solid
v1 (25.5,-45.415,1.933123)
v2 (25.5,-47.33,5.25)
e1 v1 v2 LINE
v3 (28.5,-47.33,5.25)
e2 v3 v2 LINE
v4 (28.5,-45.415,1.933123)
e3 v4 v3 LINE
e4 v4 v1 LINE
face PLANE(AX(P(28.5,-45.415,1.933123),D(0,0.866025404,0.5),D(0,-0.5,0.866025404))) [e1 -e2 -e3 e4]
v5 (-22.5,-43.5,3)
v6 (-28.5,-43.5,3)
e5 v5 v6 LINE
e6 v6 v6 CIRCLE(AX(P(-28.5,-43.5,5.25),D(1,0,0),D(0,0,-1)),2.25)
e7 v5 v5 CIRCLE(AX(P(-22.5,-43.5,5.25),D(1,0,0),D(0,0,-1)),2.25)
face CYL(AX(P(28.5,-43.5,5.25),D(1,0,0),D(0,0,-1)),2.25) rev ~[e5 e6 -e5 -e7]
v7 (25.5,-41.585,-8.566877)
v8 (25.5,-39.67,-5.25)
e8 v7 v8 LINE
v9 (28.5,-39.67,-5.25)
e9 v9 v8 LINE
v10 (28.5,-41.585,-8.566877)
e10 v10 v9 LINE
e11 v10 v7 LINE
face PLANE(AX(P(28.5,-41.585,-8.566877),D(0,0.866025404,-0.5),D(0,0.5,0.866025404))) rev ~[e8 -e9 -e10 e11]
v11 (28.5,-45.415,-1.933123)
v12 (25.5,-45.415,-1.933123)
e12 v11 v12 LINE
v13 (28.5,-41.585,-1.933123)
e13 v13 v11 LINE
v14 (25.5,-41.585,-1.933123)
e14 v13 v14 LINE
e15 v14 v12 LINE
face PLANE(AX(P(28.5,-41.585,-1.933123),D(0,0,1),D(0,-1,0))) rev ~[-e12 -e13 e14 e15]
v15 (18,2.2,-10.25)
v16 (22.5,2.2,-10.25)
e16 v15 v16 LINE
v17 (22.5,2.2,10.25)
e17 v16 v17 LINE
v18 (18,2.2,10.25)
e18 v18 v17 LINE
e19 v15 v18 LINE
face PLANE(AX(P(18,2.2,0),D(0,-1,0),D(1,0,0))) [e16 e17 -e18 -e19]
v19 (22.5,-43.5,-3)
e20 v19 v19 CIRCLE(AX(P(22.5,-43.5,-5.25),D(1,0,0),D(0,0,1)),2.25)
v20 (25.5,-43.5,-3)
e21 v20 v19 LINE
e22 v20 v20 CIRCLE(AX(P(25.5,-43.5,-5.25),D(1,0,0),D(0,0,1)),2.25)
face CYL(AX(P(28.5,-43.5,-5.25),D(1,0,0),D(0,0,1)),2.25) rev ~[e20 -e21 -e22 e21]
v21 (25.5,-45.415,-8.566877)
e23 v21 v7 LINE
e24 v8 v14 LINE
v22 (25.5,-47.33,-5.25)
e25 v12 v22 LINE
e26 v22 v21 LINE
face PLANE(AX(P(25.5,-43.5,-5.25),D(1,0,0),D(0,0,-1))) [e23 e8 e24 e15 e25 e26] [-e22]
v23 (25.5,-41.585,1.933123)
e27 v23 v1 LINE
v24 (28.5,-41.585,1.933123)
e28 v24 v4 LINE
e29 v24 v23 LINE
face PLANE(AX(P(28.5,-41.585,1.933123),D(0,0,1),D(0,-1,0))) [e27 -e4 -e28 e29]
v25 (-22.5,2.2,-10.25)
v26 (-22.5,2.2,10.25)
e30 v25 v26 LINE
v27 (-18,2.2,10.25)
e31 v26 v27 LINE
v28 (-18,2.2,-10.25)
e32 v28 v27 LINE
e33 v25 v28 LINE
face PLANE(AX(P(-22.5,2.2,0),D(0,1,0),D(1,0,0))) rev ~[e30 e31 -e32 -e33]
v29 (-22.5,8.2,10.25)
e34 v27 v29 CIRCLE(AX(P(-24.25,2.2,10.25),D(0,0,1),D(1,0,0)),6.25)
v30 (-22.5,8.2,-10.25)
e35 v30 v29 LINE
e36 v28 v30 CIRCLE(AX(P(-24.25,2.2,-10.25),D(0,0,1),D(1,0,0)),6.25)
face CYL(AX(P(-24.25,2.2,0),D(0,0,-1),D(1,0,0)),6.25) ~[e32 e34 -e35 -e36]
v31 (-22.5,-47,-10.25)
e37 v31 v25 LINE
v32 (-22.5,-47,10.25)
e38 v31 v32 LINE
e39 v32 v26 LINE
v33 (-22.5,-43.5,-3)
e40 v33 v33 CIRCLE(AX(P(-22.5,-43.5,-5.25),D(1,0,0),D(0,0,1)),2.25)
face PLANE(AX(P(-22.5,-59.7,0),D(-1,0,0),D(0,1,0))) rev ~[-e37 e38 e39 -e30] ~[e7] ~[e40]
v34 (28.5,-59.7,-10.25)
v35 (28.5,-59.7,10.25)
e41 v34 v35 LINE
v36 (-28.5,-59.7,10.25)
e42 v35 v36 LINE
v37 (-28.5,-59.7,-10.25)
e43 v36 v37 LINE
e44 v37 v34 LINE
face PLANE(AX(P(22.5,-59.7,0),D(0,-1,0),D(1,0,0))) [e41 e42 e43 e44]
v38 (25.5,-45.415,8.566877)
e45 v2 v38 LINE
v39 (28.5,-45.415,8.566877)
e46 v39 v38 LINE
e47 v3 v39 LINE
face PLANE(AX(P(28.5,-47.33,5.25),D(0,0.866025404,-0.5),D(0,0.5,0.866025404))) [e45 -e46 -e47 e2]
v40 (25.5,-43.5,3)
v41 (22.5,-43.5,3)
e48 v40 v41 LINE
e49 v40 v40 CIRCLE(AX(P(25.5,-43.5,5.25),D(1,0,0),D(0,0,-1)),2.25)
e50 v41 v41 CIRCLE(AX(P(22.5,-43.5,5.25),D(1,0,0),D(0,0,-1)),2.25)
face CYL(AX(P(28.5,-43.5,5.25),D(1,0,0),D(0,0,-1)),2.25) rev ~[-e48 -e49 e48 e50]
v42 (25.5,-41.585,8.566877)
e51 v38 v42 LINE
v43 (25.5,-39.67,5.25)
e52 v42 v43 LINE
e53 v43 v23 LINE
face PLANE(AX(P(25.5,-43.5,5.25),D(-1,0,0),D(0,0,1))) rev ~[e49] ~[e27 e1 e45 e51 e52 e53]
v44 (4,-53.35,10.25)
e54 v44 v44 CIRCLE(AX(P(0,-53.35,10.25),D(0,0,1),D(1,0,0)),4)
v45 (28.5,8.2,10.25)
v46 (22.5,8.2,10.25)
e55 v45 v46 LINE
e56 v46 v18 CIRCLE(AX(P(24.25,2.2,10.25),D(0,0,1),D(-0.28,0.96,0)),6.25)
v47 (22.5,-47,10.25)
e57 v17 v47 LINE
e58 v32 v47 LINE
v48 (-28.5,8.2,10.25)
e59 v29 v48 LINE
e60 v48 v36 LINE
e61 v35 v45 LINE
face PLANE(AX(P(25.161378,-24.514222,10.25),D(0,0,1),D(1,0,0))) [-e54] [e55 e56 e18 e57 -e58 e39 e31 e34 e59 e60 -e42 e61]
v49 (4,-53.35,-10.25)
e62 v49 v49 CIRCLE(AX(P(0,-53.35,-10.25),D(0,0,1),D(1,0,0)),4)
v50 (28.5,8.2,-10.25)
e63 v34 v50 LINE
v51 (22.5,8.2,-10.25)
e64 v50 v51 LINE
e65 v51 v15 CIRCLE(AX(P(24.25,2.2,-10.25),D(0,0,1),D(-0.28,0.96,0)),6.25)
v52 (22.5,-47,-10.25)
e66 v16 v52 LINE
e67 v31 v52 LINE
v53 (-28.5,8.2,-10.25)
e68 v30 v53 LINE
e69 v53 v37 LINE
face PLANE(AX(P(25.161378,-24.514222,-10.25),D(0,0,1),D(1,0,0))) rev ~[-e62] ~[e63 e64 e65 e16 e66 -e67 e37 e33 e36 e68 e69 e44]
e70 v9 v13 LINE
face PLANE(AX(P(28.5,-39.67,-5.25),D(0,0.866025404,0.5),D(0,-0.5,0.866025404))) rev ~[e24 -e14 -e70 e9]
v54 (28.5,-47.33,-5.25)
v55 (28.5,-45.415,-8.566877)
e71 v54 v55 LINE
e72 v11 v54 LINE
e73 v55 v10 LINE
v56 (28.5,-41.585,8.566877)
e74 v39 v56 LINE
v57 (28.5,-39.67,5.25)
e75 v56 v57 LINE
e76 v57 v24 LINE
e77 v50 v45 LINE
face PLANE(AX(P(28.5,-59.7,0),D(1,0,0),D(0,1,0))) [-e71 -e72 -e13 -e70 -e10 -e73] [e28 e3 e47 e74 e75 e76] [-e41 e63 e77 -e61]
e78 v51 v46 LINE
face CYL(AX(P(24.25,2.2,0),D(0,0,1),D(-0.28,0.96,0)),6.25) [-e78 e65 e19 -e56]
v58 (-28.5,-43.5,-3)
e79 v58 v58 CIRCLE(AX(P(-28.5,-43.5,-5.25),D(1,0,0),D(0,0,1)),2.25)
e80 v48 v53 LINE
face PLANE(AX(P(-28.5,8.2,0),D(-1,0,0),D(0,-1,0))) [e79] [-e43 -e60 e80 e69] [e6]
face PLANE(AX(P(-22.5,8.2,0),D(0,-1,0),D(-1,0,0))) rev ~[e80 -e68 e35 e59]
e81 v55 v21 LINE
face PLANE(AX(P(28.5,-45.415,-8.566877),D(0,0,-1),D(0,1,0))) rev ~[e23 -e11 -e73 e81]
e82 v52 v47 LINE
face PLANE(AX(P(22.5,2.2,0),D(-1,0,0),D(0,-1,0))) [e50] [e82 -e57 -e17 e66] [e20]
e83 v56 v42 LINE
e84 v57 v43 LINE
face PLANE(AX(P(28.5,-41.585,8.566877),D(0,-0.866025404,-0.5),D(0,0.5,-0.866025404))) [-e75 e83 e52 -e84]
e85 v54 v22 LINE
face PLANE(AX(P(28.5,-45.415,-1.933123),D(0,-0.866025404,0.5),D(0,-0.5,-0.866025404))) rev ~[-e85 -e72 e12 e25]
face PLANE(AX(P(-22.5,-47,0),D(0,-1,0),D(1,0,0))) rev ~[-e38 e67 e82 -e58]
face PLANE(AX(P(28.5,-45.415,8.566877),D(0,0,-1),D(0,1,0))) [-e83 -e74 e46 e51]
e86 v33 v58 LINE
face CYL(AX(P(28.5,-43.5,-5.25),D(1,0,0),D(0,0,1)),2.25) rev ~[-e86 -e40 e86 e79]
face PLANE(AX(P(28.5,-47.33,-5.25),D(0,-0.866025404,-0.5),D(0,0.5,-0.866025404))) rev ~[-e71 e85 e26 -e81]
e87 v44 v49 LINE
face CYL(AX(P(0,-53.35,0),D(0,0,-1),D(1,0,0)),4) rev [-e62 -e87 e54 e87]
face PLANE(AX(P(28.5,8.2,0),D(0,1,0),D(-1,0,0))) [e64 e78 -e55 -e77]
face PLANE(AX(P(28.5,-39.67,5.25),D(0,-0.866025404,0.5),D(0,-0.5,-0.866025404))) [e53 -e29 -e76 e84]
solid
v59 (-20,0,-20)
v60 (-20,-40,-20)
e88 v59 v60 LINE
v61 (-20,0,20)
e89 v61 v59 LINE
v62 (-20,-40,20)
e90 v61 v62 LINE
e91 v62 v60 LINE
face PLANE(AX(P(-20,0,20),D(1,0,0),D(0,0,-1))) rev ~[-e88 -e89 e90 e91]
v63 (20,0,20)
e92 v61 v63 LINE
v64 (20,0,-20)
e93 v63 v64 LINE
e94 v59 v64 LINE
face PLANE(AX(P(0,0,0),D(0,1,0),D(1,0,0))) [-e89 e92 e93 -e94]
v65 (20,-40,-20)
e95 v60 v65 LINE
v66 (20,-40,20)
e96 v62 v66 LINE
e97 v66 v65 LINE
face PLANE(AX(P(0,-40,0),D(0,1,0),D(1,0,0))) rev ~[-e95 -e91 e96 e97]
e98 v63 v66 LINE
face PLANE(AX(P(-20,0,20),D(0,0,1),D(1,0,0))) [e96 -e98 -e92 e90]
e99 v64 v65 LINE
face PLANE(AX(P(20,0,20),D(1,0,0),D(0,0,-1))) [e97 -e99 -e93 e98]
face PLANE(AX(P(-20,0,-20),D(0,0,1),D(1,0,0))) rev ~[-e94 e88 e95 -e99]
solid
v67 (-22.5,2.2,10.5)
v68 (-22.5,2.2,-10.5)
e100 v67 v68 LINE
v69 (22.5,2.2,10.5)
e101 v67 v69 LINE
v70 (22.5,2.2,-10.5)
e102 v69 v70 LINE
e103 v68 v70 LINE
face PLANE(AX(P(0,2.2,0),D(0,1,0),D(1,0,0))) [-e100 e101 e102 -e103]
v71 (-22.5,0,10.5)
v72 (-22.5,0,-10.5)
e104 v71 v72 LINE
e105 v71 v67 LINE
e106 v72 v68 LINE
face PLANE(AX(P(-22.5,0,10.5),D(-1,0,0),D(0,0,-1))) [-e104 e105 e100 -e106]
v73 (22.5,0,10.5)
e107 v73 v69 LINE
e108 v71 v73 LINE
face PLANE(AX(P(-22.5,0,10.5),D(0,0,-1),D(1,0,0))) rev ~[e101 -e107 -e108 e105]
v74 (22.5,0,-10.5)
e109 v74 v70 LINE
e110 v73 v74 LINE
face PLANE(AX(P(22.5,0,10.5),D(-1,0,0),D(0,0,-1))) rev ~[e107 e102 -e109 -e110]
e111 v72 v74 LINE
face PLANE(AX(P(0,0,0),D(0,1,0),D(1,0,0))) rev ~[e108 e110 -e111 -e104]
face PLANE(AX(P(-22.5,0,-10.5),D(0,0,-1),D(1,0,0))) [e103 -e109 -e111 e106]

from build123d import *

# Parameters (mm, degrees)
SKETCH1_W           = 45
SKETCH1_H           = 21
BOSS_EXTRUDE1_DEPTH = 2.2
SKETCH2_W           = 40
SKETCH2_H           = 40
BOSS_EXTRUDE2_DEPTH = 40
SKETCH3_W           = 45
SKETCH3_H           = 12.7
SKETCH3_R           = 4
BOSS_EXTRUDE3_DEPTH = 10.25
SKETCH6_R           = 2.25
CUT_EXTRUDE1_DEPTH  = 85.929912281
CUT_EXTRUDE2_DEPTH  = 3


with BuildPart() as part:
    # Sketch1 → Boss-Extrude1 (new body)
    with BuildSketch(Plane(origin=(0, 0, 0), x_dir=(1, 0, 0), z_dir=(0, 1, 0))):
        Rectangle(SKETCH1_W, SKETCH1_H)
    extrude(amount=BOSS_EXTRUDE1_DEPTH)


with BuildPart() as body_2:
    # Sketch2 → Boss-Extrude2 (new body)
    with BuildSketch(Plane(origin=(0, 0, 0), x_dir=(1, 0, 0), z_dir=(0, 1, 0))):
        Rectangle(SKETCH2_W, SKETCH2_H)
    extrude(amount=-BOSS_EXTRUDE2_DEPTH)


with BuildPart() as body_3:
    # Sketch3 → Boss-Extrude3 (new, symmetric)
    # profile 1 of 3: a face of its own
    with BuildSketch(Plane.XY):
        with Locations((0, -53.35)):
            Rectangle(SKETCH3_W, SKETCH3_H)
        with Locations((0, -53.35)):
            Circle(SKETCH3_R, mode=Mode.SUBTRACT)
    # profile 2 of 3: a face of its own
    with BuildSketch(Plane.XY):
        with BuildLine():
            Line((-28.5, -59.7), (-22.5, -59.7))
            Line((-22.5, -59.7), (-22.5, -47))
            Line((-22.5, -47), (-22.5, 0))
            Line((-22.5, 0), (-22.5, 2.2))
            Line((-22.5, 2.2), (-18, 2.2))
            ThreePointArc((-18, 2.2), (-19.25, 5.95), (-22.5, 8.2))
            Line((-22.5, 8.2), (-28.5, 8.2))
            Line((-28.5, 8.2), (-28.5, 0))
            Line((-28.5, 0), (-28.5, -59.7))
        make_face()
    # profile 3 of 3: a face of its own
    with BuildSketch(Plane.XY):
        with BuildLine():
            Line((22.5, -47), (22.5, -59.7))
            Line((22.5, -59.7), (28.5, -59.7))
            Line((28.5, -59.7), (28.5, 0))
            Line((28.5, 0), (28.5, 8.2))
            Line((28.5, 8.2), (22.5, 8.2))
            ThreePointArc((22.5, 8.2), (19.25, 5.95), (18, 2.2))
            Line((18, 2.2), (22.5, 2.2))
            Line((22.5, 2.2), (22.5, 0))
            Line((22.5, 0), (22.5, -47))
        make_face()
    extrude(amount=BOSS_EXTRUDE3_DEPTH, both=True)

    # Sketch6 → Cut-Extrude1 (cut, through all)
    with BuildSketch(Plane(origin=(28.5, 0, 0), x_dir=(0, 0, -1), z_dir=(1, 0, 0))):
        with Locations((-5.25, -43.5)):
            Circle(SKETCH6_R)
        with Locations(Location((5.25, -43.5, 0), (0, 0, 180))):
            Circle(SKETCH6_R)
    extrude(amount=-CUT_EXTRUDE1_DEPTH, mode=Mode.SUBTRACT)

    # Sketch7 → Cut-Extrude2 (cut)
    with BuildSketch(Plane(origin=(28.5, 0, 0), x_dir=(0, 0, -1), z_dir=(1, 0, 0))):
        Polygon((-8.566877296, -41.585), (-5.25, -39.67), (-1.933122704, -41.585), (-1.933122704, -45.415), (-5.25, -47.33), (-8.566877296, -45.415), align=None)
        Polygon((1.933122704, -41.585), (1.933122704, -45.415), (5.25, -47.33), (8.566877296, -45.415), (8.566877296, -41.585), (5.25, -39.67), align=None)
    extrude(amount=-CUT_EXTRUDE2_DEPTH, mode=Mode.SUBTRACT)


solid = Compound([part.part, body_2.part, body_3.part])
